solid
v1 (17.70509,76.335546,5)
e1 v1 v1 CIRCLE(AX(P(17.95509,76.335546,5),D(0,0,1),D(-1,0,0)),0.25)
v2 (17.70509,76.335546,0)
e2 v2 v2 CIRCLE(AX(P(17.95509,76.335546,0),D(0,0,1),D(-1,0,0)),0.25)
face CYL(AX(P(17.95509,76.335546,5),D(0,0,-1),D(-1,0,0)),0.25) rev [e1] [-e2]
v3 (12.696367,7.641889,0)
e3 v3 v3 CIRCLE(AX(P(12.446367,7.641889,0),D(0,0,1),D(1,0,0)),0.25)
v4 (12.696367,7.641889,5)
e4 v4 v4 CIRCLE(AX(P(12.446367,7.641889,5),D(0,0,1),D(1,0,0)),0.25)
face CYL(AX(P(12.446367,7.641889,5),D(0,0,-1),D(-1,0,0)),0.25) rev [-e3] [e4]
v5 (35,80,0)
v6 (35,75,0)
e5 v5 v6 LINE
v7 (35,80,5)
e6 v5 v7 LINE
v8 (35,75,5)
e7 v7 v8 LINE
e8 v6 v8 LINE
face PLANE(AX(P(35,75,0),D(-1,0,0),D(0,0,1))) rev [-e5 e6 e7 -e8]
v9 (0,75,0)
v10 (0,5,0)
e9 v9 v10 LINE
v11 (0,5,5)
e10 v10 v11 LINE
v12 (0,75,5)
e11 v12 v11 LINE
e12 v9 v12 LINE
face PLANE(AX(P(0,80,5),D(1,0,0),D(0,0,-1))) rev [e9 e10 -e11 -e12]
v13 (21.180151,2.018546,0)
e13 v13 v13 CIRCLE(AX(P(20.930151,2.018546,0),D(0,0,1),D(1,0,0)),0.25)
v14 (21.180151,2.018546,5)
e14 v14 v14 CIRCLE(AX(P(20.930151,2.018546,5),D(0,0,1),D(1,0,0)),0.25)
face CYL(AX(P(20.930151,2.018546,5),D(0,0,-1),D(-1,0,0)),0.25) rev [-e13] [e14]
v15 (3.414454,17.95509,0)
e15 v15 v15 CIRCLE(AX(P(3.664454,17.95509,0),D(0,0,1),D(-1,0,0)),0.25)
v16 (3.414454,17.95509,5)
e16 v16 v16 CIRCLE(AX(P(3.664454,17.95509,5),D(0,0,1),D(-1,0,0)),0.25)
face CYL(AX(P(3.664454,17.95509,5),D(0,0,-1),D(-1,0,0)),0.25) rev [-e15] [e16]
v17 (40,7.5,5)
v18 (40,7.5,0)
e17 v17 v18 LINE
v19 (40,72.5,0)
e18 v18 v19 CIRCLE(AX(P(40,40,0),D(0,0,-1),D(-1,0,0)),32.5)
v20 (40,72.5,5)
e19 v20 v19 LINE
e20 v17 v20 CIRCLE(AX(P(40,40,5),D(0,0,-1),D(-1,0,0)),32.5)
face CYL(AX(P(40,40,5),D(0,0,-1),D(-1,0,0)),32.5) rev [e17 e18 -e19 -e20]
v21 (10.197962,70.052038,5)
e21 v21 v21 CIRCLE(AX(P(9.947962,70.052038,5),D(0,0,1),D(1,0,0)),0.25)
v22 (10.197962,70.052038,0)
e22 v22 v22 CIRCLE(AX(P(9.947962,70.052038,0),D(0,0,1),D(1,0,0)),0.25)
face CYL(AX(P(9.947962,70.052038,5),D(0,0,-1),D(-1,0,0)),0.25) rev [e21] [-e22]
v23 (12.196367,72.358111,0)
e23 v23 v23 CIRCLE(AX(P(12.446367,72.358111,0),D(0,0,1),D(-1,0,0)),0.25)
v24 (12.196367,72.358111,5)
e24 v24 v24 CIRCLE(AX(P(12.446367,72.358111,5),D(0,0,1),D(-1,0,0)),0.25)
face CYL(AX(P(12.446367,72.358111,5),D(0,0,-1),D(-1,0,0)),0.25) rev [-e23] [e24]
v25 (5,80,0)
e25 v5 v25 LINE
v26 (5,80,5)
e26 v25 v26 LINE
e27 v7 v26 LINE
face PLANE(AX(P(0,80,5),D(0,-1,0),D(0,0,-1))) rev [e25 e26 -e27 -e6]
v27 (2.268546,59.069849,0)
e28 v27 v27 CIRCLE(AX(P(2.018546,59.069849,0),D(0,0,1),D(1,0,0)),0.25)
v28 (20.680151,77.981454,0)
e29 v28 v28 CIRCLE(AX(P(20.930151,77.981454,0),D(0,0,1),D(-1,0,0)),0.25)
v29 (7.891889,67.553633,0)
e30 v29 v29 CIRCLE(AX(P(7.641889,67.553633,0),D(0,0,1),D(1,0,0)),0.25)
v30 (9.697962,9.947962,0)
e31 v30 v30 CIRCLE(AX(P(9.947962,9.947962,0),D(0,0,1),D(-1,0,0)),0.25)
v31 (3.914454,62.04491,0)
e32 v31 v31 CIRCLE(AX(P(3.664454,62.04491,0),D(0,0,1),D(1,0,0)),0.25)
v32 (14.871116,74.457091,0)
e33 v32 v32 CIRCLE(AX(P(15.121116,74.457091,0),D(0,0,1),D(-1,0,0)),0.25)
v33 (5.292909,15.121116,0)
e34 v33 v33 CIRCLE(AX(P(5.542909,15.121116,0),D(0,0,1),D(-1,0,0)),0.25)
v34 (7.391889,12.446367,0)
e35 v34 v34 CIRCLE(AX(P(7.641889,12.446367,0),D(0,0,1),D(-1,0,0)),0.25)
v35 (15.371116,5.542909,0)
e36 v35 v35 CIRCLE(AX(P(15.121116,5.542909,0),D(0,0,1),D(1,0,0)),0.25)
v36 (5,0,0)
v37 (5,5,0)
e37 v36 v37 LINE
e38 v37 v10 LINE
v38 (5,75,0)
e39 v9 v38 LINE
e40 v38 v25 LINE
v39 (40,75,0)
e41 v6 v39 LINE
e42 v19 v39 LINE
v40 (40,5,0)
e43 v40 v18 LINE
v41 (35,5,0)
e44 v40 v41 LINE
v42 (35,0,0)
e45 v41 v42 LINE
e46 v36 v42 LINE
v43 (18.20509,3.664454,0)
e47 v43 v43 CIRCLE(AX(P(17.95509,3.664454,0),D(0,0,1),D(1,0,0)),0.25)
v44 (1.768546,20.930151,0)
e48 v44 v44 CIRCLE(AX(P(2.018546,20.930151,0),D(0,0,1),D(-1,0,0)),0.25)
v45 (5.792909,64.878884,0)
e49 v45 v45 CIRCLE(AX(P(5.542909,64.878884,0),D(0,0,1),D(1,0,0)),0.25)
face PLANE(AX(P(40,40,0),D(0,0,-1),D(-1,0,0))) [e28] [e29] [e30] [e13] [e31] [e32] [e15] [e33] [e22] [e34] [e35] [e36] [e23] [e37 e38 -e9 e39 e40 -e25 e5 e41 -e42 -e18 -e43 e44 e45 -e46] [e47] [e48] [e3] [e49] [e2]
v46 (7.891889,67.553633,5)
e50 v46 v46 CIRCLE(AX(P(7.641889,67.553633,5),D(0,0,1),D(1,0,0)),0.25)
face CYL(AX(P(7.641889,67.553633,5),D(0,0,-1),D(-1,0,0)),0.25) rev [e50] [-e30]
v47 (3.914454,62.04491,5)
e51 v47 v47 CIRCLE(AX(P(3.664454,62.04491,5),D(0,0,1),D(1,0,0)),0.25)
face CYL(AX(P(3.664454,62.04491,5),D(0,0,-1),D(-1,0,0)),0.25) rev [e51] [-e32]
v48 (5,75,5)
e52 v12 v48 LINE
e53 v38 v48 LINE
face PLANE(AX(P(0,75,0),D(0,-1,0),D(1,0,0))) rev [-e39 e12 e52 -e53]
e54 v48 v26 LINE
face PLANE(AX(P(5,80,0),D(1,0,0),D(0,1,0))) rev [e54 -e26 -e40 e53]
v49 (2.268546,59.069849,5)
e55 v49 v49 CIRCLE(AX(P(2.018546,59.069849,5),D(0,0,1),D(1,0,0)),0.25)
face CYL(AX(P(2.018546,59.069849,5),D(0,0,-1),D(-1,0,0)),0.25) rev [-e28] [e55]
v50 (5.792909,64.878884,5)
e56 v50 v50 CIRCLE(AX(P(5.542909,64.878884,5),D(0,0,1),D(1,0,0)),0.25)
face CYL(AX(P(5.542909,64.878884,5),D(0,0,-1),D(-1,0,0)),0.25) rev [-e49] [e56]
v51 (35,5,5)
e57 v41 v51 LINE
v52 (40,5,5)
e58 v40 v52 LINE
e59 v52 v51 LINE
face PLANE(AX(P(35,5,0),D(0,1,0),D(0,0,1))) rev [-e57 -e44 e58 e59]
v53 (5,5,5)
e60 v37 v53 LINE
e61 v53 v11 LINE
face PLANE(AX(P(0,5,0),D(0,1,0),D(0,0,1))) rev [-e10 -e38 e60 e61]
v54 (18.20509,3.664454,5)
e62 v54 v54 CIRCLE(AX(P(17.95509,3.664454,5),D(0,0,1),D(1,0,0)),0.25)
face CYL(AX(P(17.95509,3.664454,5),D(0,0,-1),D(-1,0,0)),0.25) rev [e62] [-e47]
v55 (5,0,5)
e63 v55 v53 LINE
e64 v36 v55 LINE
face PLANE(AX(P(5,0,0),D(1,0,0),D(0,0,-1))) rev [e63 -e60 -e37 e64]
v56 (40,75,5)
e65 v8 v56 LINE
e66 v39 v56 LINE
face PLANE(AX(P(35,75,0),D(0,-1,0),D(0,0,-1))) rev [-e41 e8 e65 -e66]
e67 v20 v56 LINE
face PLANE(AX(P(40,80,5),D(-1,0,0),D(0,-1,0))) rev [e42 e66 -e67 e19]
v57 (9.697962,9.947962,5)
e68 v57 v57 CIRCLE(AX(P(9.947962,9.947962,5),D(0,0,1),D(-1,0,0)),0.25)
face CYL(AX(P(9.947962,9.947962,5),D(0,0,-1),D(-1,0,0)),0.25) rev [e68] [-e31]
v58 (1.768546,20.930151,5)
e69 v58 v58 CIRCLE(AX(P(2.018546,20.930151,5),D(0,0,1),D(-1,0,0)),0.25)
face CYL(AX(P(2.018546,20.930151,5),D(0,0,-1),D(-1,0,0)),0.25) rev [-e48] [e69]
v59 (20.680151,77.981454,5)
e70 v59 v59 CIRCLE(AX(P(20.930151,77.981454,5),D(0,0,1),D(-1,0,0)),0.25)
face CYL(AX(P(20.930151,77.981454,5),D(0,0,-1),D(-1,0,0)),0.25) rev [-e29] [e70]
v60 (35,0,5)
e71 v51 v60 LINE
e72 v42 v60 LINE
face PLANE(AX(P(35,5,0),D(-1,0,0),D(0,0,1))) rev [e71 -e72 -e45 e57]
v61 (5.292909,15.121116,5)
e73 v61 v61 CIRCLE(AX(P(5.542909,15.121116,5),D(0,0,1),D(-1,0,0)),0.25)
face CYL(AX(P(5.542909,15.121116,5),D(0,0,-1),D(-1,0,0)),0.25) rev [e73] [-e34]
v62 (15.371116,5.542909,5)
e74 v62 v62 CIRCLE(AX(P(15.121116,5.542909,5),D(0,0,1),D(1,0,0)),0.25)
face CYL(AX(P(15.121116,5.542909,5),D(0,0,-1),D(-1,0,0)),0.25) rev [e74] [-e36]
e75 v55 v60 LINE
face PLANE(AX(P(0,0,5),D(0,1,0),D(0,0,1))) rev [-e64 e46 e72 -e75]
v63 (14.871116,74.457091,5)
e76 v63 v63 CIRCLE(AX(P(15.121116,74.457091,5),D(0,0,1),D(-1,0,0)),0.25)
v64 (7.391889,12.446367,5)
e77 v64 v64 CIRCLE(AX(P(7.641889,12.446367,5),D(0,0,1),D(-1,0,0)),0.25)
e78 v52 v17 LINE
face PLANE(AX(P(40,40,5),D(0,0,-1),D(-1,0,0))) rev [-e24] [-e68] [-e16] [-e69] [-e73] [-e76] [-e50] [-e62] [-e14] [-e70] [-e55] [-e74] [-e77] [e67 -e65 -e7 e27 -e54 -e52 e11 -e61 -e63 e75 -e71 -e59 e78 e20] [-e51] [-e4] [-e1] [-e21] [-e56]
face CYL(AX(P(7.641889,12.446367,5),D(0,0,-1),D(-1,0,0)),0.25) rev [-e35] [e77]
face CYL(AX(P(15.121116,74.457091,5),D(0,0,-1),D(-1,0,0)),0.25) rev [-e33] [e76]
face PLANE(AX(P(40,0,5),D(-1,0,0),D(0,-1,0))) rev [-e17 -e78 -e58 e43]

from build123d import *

# Parameters (mm, degrees)
ESQUISSE1_R             = 0.25
BOSS_EXTRU_1_DEPTH      = 5
ESQUISSE2_W             = 5
ESQUISSE2_H             = 5
ENL_V_MAT_EXTRU_1_DEPTH = 5


with BuildPart() as part:
    # Esquisse1 → Boss.-Extru.1 (new body)
    with BuildSketch(Plane.XY):
        with BuildLine():
            Line((0, 80), (40, 80))
            Line((40, 80), (40, 72.5))
            ThreePointArc((40, 72.5), (7.5, 40), (40, 7.5))
            Line((40, 7.5), (40, 0))
            Line((40, 0), (0, 0))
            Line((0, 0), (0, 80))
        make_face()
        with Locations((2.018546053, 59.069849399)):
            Circle(ESQUISSE1_R, mode=Mode.SUBTRACT)
        with Locations((7.641889366, 67.553632723)):
            Circle(ESQUISSE1_R, mode=Mode.SUBTRACT)
        with Locations((9.9479618, 70.0520382)):
            Circle(ESQUISSE1_R, mode=Mode.SUBTRACT)
        with Locations((3.664453699, 62.04491041)):
            Circle(ESQUISSE1_R, mode=Mode.SUBTRACT)
        with Locations((5.542908841, 64.878883995)):
            Circle(ESQUISSE1_R, mode=Mode.SUBTRACT)
        with Locations(Location((20.930150601, 77.981453947, 0), (0, 0, 180))):
            Circle(ESQUISSE1_R, mode=Mode.SUBTRACT)
        with Locations(Location((17.95508959, 76.335546301, 0), (0, 0, 180))):
            Circle(ESQUISSE1_R, mode=Mode.SUBTRACT)
        with Locations(Location((15.121116005, 74.457091159, 0), (0, 0, 180))):
            Circle(ESQUISSE1_R, mode=Mode.SUBTRACT)
        with Locations(Location((12.446367277, 72.358110634, 0), (0, 0, 180))):
            Circle(ESQUISSE1_R, mode=Mode.SUBTRACT)
        with Locations((12.446367277, 7.641889366)):
            Circle(ESQUISSE1_R, mode=Mode.SUBTRACT)
        with Locations((15.121116005, 5.542908841)):
            Circle(ESQUISSE1_R, mode=Mode.SUBTRACT)
        with Locations((17.95508959, 3.664453699)):
            Circle(ESQUISSE1_R, mode=Mode.SUBTRACT)
        with Locations((20.930150601, 2.018546053)):
            Circle(ESQUISSE1_R, mode=Mode.SUBTRACT)
        with Locations(Location((5.542908841, 15.121116005, 0), (0, 0, 180))):
            Circle(ESQUISSE1_R, mode=Mode.SUBTRACT)
        with Locations(Location((3.664453699, 17.95508959, 0), (0, 0, 180))):
            Circle(ESQUISSE1_R, mode=Mode.SUBTRACT)
        with Locations(Location((9.9479618, 9.9479618, 0), (0, 0, 180))):
            Circle(ESQUISSE1_R, mode=Mode.SUBTRACT)
        with Locations(Location((7.641889366, 12.446367277, 0), (0, 0, 180))):
            Circle(ESQUISSE1_R, mode=Mode.SUBTRACT)
        with Locations(Location((2.018546053, 20.930150601, 0), (0, 0, 180))):
            Circle(ESQUISSE1_R, mode=Mode.SUBTRACT)
    extrude(amount=BOSS_EXTRU_1_DEPTH)

    # Esquisse2 → Enlèv. mat.-Extru.1 (cut)
    with BuildSketch(Plane.XY.offset(5)):
        with Locations((2.5, 2.5)):
            Rectangle(ESQUISSE2_W, ESQUISSE2_H)
        with Locations((37.5, 2.5)):
            Rectangle(ESQUISSE2_W, ESQUISSE2_H)
        with Locations((37.5, 77.5)):
            Rectangle(ESQUISSE2_W, ESQUISSE2_H)
        with Locations((2.5, 77.5)):
            Rectangle(ESQUISSE2_W, ESQUISSE2_H)
    extrude(amount=-ENL_V_MAT_EXTRU_1_DEPTH, mode=Mode.SUBTRACT)


solid = part.part
